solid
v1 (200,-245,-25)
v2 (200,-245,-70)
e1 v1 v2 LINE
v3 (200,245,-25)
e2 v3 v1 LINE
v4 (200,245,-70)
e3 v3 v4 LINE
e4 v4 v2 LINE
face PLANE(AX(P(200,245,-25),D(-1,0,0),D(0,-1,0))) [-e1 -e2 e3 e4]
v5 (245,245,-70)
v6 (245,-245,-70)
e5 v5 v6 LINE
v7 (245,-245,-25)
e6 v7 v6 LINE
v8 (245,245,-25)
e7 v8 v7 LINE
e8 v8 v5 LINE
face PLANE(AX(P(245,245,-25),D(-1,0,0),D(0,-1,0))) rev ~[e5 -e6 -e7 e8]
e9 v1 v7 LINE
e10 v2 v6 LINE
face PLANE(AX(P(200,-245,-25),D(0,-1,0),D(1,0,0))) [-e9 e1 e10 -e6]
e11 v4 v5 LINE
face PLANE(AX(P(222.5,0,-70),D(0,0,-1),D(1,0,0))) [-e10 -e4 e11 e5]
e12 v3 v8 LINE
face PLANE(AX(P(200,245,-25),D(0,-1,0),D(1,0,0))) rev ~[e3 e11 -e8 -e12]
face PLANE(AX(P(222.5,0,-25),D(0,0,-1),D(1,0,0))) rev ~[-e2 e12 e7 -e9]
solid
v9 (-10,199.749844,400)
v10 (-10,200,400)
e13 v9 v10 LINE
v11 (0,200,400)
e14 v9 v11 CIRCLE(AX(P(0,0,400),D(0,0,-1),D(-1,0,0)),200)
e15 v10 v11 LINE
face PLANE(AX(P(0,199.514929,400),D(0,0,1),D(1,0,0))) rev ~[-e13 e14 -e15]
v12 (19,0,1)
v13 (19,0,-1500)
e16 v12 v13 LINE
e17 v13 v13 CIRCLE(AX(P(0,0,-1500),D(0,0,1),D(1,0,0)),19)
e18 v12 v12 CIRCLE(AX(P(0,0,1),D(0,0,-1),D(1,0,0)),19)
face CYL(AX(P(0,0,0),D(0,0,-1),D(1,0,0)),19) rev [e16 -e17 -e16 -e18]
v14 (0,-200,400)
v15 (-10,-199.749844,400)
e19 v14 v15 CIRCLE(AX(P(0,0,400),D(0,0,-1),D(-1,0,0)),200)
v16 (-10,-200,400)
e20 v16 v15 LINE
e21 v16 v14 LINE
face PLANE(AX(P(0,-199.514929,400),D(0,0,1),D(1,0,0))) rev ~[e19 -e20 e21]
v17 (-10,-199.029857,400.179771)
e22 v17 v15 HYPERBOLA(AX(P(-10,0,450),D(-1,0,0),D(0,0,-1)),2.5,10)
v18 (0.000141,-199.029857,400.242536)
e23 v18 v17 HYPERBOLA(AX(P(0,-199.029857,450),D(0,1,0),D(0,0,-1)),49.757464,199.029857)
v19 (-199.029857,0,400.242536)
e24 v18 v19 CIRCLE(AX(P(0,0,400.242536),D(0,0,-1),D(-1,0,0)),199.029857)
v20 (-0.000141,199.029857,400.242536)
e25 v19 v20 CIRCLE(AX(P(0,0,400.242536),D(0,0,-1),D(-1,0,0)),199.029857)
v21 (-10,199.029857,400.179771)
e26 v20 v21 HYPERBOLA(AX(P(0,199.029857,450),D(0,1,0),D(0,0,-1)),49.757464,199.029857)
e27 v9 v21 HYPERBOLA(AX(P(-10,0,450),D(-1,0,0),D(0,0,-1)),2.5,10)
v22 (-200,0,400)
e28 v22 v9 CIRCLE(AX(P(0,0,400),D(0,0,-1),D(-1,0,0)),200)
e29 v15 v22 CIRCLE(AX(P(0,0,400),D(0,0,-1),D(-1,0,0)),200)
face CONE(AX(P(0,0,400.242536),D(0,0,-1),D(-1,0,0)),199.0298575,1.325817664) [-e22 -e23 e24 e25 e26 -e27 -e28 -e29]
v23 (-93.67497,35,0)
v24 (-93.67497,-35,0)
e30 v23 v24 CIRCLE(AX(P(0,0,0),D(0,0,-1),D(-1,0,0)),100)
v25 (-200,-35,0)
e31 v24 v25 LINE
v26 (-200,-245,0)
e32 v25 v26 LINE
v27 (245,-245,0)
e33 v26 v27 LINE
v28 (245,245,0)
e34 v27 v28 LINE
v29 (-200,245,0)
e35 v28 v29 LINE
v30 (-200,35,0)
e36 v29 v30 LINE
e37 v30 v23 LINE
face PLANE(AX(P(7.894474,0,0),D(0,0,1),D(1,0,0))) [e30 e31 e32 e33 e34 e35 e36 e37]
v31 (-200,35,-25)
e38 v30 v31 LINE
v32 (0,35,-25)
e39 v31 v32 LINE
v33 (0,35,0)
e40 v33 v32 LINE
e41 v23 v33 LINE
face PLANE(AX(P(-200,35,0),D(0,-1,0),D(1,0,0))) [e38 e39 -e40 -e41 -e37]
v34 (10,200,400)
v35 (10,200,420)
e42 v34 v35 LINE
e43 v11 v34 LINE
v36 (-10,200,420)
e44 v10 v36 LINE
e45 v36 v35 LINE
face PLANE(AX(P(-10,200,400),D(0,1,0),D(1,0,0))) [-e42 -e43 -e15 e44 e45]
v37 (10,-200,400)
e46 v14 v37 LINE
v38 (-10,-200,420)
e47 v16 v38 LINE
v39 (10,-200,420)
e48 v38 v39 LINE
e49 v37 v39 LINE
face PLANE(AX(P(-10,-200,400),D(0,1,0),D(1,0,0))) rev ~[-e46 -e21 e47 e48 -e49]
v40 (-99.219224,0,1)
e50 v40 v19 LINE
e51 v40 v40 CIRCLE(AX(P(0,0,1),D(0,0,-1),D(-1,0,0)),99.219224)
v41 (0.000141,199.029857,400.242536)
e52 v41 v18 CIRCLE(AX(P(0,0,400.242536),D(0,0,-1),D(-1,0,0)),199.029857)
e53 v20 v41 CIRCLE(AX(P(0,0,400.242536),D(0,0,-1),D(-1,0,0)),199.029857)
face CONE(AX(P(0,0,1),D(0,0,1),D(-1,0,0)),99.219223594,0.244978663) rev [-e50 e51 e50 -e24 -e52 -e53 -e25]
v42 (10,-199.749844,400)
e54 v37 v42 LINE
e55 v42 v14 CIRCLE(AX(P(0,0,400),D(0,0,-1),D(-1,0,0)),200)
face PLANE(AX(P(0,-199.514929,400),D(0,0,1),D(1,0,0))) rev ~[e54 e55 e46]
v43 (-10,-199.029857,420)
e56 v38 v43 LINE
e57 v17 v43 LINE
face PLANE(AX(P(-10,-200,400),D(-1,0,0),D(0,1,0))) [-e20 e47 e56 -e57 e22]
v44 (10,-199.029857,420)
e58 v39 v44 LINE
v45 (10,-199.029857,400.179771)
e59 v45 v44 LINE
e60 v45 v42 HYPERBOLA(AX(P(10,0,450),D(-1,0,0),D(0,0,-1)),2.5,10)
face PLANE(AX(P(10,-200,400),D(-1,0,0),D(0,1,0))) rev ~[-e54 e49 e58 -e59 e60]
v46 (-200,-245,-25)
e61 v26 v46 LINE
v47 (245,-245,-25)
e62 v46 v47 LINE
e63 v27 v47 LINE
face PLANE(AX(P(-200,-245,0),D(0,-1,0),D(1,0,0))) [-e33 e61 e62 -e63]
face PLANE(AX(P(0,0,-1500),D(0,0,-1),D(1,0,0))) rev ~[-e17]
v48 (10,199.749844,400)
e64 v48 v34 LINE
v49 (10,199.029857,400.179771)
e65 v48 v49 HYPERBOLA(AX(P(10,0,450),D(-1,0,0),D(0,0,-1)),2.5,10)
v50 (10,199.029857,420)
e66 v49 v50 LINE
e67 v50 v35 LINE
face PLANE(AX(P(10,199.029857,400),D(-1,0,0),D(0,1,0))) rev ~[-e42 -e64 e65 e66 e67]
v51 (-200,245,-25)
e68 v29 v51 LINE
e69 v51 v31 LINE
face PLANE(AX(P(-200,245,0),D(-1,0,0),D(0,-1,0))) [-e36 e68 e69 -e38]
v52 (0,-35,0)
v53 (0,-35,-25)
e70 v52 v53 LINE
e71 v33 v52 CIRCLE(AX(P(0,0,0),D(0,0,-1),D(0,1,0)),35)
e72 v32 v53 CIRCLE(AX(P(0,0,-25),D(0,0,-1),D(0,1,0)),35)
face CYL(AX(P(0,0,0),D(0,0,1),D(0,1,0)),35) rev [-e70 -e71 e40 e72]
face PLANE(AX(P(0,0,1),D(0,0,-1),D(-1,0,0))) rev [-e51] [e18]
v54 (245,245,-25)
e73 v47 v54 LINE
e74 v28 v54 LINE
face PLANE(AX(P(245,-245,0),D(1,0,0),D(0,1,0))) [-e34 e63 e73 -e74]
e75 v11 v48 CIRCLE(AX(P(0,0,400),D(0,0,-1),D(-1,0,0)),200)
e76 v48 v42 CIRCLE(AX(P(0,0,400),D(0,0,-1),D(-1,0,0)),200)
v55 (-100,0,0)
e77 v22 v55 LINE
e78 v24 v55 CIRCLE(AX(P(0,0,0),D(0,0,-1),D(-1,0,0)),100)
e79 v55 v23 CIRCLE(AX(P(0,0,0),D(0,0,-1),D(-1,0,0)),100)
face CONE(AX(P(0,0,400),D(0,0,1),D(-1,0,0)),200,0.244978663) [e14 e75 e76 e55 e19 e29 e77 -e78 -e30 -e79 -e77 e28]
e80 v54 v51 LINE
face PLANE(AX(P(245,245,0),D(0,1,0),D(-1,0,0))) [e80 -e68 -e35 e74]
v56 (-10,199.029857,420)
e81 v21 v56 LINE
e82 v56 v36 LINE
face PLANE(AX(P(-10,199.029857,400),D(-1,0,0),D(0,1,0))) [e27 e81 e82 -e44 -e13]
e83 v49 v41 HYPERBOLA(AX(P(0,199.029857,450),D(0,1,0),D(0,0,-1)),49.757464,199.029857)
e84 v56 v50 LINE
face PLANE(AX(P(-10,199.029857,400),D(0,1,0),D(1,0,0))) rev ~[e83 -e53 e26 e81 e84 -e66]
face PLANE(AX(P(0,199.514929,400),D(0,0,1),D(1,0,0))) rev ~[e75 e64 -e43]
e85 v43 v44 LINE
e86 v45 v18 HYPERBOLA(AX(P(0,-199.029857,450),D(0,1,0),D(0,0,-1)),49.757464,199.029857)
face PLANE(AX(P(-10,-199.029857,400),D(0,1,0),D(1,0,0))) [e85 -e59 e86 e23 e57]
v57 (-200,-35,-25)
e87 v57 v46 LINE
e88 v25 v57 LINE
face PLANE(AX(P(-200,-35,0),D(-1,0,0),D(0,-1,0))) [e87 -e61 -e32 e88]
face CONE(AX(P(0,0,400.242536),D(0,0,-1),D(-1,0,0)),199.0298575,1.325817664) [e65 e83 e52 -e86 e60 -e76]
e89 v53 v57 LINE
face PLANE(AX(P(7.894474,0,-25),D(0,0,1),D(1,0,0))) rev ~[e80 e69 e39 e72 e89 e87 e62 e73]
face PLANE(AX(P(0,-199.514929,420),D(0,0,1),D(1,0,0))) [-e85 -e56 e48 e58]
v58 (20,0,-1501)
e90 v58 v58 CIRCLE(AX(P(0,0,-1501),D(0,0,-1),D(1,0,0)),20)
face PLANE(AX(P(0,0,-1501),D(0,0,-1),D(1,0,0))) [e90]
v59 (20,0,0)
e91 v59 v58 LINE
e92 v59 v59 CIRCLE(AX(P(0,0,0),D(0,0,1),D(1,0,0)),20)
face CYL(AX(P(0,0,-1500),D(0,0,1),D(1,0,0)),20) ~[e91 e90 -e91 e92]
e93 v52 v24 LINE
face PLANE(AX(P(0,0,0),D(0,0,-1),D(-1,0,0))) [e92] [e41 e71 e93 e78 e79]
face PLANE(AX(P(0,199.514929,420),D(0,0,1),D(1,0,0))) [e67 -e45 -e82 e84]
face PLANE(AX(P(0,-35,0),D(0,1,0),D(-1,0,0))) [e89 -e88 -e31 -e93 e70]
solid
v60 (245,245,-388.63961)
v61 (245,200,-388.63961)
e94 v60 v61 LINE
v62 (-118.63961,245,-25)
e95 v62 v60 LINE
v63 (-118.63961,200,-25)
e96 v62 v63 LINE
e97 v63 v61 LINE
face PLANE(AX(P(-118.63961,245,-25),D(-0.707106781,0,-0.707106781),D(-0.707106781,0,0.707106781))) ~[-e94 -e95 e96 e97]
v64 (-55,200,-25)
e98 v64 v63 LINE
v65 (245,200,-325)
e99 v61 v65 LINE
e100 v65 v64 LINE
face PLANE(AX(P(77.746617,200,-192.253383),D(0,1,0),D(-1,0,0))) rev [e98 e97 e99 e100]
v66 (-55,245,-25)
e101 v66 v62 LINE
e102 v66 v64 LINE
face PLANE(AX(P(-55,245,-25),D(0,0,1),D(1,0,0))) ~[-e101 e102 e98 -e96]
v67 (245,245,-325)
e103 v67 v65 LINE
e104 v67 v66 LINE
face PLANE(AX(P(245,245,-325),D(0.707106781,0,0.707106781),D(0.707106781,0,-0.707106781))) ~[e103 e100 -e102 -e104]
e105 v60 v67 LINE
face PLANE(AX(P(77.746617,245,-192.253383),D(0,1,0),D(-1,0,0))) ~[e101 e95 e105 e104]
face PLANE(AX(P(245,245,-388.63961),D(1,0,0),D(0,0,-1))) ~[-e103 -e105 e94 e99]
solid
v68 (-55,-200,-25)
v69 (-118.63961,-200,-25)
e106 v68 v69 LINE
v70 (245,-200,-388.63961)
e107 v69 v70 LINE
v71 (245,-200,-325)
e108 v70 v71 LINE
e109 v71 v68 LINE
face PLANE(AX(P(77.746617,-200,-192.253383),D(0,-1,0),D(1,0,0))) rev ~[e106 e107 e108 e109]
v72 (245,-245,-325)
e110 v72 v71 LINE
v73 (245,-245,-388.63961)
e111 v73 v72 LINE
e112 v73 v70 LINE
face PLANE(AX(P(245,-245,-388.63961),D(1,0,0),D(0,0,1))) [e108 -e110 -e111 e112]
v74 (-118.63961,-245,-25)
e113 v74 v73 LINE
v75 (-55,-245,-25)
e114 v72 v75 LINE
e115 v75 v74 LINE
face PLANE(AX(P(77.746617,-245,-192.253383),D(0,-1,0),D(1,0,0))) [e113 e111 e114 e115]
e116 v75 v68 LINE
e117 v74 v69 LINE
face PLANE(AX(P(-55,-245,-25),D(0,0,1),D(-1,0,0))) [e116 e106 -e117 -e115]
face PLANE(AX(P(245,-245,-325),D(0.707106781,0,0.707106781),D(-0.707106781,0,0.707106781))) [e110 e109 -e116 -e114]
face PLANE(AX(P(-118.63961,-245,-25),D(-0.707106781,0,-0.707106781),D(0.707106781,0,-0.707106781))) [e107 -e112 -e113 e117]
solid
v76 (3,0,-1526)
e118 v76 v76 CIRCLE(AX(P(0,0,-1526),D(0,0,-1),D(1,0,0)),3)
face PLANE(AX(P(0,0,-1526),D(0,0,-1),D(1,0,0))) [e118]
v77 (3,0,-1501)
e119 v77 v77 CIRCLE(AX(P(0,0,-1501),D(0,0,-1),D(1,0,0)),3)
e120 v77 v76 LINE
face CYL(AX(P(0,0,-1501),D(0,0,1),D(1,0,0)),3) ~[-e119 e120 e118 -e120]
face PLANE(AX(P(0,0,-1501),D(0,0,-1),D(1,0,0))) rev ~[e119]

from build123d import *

# Parameters (mm, degrees)
F5_R      = 20
F5_R_2    = 19
F6_DEPTH  = 1500
F7_R      = 19
F8_DEPTH  = 400.243535625
F10_W     = 20
F10_H     = 0.9701425001
F11_DEPTH = 20
F12_R     = 20
F13_DEPTH = 1
F14_R     = 3
F15_DEPTH = 25
F17_DEPTH = 25
F18_W     = 45
F18_H     = 490
F19_DEPTH = 45
F21_DEPTH = 45


with BuildPart() as f4:
    # F3 (on Front) → F4 (revolve)
    with BuildSketch(Plane.XZ):
        Polygon((-199.0298574999, 400.242535625), (-200, 400), (-100, 0), (0, 0), (0, 1), (-99.2192235936, 1), align=None)
    revolve(axis=Axis((0, 0, 11.2295082571), (0, 0, -1)))

    # F5 (on Top) → F6 (join)
    with BuildSketch(Plane.XY):
        Circle(F5_R)
        Circle(F5_R_2, mode=Mode.SUBTRACT)
    extrude(amount=-F6_DEPTH)

    # F7 (on Top) → F8 (cut, through all)
    with BuildSketch(Plane.XY):
        Circle(F7_R)
    extrude(amount=F8_DEPTH, mode=Mode.SUBTRACT)

    # F10 (on offset) → F11 (join)
    with BuildSketch(Plane.XY.offset(400)):
        with Locations((0, -199.5149287499)):
            Rectangle(F10_W, F10_H)
        with Locations((0, 199.5149287499)):
            Rectangle(F10_W, F10_H)
    extrude(amount=F11_DEPTH)

    # F12 (on face) → F13 (join)
    with BuildSketch(Plane(origin=(0, 0, -1500), x_dir=(1, 0, 0), z_dir=(0, 0, -1))):
        Circle(F12_R)
    extrude(amount=F13_DEPTH)

    # F16 (on Top) → F17 (join)
    with BuildSketch(Plane.XY):
        with BuildLine():
            Line((-200, -245), (245, -245))
            Line((245, -245), (245, 245))
            Line((245, 245), (-200, 245))
            Line((-200, 245), (-200, 35))
            Line((-200, 35), (0, 35))
            ThreePointArc((0, 35), (35, 0), (0, -35))
            Line((0, -35), (-200, -35))
            Line((-200, -35), (-200, -245))
        make_face()
    extrude(amount=-F17_DEPTH)


with BuildPart() as f15:
    # F14 (on face) → F15 (new body)
    with BuildSketch(Plane(origin=(0, 0, -1501), x_dir=(1, 0, 0), z_dir=(0, 0, -1))):
        Circle(F14_R)
    extrude(amount=F15_DEPTH)


with BuildPart() as f19:
    # F18 (on face) → F19 (new body)
    with BuildSketch(Plane(origin=(0, 0, -25), x_dir=(1, 0, 0), z_dir=(0, 0, -1))):
        with Locations((222.5, 0)):
            Rectangle(F18_W, F18_H)
    extrude(amount=F19_DEPTH)


with BuildPart() as f21:
    # F20 (on face) → F21 (new body)
    with BuildSketch(Plane.XZ.offset(245)):
        Polygon((-55, -25), (-118.6396103068, -25), (245, -388.6396103068), (245, -325), align=None)
    extrude(amount=-F21_DEPTH)


with BuildPart() as f22_1:
    # F22: instance of F21
    add(f21.part.mirror(Plane.XZ))


solid = Compound([f4.part, f15.part, f19.part, f21.part, f22_1.part])
